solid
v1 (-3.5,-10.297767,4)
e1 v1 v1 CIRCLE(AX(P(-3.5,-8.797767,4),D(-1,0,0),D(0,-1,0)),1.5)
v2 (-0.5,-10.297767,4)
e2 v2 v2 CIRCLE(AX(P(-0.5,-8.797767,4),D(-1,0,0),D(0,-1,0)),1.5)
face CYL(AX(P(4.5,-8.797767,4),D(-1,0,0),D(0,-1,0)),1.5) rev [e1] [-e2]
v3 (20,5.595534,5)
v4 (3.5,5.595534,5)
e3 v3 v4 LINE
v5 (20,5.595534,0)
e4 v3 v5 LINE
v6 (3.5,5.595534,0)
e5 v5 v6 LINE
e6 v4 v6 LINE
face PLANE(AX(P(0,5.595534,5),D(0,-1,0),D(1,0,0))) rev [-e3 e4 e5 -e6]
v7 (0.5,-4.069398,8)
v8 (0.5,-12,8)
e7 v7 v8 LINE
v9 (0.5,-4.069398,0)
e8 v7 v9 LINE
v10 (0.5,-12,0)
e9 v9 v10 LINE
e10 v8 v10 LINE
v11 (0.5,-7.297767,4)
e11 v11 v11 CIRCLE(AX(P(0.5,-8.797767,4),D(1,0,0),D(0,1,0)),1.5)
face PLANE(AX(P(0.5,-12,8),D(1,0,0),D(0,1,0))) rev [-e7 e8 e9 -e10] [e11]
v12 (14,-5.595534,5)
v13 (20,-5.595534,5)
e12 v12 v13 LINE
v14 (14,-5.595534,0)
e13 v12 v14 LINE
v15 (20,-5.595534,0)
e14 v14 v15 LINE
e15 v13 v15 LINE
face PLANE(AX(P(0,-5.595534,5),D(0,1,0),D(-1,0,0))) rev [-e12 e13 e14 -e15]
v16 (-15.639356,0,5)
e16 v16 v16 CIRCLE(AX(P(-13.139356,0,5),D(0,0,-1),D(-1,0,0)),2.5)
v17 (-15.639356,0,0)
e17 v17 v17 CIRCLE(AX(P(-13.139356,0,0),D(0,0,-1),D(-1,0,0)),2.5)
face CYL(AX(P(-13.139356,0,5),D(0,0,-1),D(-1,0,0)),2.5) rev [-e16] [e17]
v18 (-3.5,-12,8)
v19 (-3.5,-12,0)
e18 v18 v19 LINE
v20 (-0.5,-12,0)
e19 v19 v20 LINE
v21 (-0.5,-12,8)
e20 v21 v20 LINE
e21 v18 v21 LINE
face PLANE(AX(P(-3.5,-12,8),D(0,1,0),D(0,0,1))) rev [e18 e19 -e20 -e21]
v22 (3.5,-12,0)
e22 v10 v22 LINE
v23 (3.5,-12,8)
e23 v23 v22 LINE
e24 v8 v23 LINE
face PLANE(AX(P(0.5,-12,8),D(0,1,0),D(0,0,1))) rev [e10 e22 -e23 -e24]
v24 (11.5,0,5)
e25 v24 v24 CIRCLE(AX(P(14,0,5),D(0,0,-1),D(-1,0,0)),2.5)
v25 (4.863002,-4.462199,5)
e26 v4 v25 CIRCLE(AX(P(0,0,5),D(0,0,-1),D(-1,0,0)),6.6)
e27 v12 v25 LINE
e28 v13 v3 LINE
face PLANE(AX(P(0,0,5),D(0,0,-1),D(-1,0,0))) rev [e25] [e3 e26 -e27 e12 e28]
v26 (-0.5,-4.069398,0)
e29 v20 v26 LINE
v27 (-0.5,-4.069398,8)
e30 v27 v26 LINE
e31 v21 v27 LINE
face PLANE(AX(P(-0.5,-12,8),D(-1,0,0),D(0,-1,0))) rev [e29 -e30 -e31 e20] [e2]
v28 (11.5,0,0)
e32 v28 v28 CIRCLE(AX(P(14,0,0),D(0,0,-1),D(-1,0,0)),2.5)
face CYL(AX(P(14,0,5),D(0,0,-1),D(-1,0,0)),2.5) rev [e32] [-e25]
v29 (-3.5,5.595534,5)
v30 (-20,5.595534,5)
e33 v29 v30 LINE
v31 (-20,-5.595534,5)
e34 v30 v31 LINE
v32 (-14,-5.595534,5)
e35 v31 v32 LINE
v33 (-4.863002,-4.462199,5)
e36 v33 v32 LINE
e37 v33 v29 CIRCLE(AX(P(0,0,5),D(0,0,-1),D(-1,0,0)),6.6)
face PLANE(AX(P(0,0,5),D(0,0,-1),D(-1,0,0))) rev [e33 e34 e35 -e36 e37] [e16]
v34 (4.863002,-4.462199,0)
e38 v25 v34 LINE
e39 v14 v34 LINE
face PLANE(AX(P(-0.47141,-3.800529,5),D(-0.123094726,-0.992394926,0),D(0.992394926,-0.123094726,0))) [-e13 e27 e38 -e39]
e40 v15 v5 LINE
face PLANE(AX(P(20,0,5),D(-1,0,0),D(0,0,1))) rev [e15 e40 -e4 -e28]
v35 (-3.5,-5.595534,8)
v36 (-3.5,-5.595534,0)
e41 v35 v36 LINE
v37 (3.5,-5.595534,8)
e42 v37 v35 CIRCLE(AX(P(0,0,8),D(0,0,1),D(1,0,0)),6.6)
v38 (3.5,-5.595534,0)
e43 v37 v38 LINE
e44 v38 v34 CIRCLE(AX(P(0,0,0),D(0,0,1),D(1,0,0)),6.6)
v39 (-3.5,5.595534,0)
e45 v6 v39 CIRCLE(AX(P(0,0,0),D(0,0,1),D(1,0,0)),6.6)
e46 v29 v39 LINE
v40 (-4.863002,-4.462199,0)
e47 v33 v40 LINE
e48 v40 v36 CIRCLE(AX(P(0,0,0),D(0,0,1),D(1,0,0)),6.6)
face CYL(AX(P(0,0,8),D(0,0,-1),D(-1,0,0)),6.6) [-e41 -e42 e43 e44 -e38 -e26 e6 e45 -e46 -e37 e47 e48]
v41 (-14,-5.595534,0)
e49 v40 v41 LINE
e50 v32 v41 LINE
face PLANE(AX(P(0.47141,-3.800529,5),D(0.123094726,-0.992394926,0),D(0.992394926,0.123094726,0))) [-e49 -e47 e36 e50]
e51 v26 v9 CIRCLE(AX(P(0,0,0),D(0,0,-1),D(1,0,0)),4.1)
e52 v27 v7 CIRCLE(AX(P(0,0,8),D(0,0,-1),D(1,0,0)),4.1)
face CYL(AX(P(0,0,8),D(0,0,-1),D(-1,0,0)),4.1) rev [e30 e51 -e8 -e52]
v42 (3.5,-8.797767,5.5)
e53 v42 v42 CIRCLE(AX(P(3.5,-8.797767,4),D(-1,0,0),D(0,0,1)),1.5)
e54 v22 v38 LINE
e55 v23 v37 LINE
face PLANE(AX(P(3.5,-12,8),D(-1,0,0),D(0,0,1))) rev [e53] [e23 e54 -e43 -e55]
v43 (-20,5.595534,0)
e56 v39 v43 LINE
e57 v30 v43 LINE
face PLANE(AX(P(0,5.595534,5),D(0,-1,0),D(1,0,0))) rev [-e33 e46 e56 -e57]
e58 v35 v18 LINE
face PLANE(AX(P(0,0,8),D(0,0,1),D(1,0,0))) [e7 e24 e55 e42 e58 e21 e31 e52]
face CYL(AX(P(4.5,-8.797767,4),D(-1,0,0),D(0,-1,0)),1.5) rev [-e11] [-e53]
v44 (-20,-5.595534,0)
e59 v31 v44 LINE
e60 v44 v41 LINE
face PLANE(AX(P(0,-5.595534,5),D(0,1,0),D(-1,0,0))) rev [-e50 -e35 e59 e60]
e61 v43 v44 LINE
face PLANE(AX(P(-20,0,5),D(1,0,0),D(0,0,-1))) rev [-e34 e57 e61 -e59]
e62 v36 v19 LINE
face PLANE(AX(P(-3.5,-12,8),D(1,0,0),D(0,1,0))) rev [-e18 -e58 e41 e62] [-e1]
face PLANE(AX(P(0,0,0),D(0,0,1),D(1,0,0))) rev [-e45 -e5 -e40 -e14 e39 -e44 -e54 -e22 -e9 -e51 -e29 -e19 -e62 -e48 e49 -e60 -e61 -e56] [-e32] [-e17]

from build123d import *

# Parameters (mm, degrees)
BOSS_EXTRUDE1_DEPTH = 8
CUT_EXTRUDE1_DEPTH  = 8
SKETCH4_R           = 2.5
BOSS_EXTRUDE2_DEPTH = 5


with BuildPart() as part:
    # Sketch1 → Boss-Extrude1 (new body)
    with BuildSketch(Plane(origin=(0, 0, 0), x_dir=(0, 1, 0), z_dir=(0, 0, 1))):
        with BuildLine():
            Line((-12, 3.5), (-5.595533933, 3.5))
            ThreePointArc((-5.595533933, 3.5), (6.6, 0), (-5.595533933, -3.5))
            Line((-5.595533933, -3.5), (-12, -3.5))
            Line((-12, -3.5), (-12, -0.5))
            Line((-12, -0.5), (-4.06939799, -0.5))
            ThreePointArc((-4.06939799, -0.5), (4.1, 0), (-4.06939799, 0.5))
            Line((-4.06939799, 0.5), (-12, 0.5))
            Line((-12, 0.5), (-12, 3.5))
        make_face()
    extrude(amount=BOSS_EXTRUDE1_DEPTH)

    # Sketch2 → Cut-Extrude1 (cut)
    with BuildSketch(Plane(origin=(-3.5, 0, 0), x_dir=(0, -1, 0), z_dir=(-1, 0, 0))):
        with BuildLine():
            ThreePointArc((10.297766967, 4), (9.858427138, 5.060660172), (8.797766967, 5.5))
            Line((8.797766967, 5.5), (8.797766967, 2.5))
            ThreePointArc((8.797766967, 2.5), (9.858427138, 2.939339828), (10.297766967, 4))
        make_face()
        with BuildLine():
            Line((8.797766967, 2.5), (8.797766967, 5.5))
            ThreePointArc((8.797766967, 5.5), (7.297766967, 4), (8.797766967, 2.5))
        make_face()
    extrude(amount=-CUT_EXTRUDE1_DEPTH, mode=Mode.SUBTRACT)

    # Sketch4 → Boss-Extrude2 (add)
    # profile 1 of 2: a face of its own
    with BuildSketch(Plane(origin=(0, 0, 0), x_dir=(1, 0, 0), z_dir=(0, 0, -1))):
        with BuildLine():
            Line((20, 5.595533933), (14, 5.595533933))
            Line((14, 5.595533933), (4.863001587, 4.462198513))
            ThreePointArc((4.863001587, 4.462198513), (6.540217456, -0.886315759), (3.5, -5.595533933))
            Line((3.5, -5.595533933), (20, -5.595533933))
            Line((20, -5.595533933), (20, 5.595533933))
        make_face()
        with Locations(Location((14, 0, 0), (0, 0, 180))):
            Circle(SKETCH4_R, mode=Mode.SUBTRACT)
    # profile 2 of 2: a face of its own
    with BuildSketch(Plane(origin=(0, 0, 0), x_dir=(1, 0, 0), z_dir=(0, 0, -1))):
        with BuildLine():
            Line((-20, -5.595533933), (-3.5, -5.595533933))
            ThreePointArc((-3.5, -5.595533933), (-6.540217456, -0.886315759), (-4.863001587, 4.462198513))
            Line((-4.863001587, 4.462198513), (-14, 5.595533933))
            Line((-14, 5.595533933), (-20, 5.595533933))
            Line((-20, 5.595533933), (-20, -5.595533933))
        make_face()
        with Locations(Location((-13.139356118, 0, 0), (0, 0, 180))):
            Circle(SKETCH4_R, mode=Mode.SUBTRACT)
    extrude(amount=-BOSS_EXTRUDE2_DEPTH)


solid = part.part
